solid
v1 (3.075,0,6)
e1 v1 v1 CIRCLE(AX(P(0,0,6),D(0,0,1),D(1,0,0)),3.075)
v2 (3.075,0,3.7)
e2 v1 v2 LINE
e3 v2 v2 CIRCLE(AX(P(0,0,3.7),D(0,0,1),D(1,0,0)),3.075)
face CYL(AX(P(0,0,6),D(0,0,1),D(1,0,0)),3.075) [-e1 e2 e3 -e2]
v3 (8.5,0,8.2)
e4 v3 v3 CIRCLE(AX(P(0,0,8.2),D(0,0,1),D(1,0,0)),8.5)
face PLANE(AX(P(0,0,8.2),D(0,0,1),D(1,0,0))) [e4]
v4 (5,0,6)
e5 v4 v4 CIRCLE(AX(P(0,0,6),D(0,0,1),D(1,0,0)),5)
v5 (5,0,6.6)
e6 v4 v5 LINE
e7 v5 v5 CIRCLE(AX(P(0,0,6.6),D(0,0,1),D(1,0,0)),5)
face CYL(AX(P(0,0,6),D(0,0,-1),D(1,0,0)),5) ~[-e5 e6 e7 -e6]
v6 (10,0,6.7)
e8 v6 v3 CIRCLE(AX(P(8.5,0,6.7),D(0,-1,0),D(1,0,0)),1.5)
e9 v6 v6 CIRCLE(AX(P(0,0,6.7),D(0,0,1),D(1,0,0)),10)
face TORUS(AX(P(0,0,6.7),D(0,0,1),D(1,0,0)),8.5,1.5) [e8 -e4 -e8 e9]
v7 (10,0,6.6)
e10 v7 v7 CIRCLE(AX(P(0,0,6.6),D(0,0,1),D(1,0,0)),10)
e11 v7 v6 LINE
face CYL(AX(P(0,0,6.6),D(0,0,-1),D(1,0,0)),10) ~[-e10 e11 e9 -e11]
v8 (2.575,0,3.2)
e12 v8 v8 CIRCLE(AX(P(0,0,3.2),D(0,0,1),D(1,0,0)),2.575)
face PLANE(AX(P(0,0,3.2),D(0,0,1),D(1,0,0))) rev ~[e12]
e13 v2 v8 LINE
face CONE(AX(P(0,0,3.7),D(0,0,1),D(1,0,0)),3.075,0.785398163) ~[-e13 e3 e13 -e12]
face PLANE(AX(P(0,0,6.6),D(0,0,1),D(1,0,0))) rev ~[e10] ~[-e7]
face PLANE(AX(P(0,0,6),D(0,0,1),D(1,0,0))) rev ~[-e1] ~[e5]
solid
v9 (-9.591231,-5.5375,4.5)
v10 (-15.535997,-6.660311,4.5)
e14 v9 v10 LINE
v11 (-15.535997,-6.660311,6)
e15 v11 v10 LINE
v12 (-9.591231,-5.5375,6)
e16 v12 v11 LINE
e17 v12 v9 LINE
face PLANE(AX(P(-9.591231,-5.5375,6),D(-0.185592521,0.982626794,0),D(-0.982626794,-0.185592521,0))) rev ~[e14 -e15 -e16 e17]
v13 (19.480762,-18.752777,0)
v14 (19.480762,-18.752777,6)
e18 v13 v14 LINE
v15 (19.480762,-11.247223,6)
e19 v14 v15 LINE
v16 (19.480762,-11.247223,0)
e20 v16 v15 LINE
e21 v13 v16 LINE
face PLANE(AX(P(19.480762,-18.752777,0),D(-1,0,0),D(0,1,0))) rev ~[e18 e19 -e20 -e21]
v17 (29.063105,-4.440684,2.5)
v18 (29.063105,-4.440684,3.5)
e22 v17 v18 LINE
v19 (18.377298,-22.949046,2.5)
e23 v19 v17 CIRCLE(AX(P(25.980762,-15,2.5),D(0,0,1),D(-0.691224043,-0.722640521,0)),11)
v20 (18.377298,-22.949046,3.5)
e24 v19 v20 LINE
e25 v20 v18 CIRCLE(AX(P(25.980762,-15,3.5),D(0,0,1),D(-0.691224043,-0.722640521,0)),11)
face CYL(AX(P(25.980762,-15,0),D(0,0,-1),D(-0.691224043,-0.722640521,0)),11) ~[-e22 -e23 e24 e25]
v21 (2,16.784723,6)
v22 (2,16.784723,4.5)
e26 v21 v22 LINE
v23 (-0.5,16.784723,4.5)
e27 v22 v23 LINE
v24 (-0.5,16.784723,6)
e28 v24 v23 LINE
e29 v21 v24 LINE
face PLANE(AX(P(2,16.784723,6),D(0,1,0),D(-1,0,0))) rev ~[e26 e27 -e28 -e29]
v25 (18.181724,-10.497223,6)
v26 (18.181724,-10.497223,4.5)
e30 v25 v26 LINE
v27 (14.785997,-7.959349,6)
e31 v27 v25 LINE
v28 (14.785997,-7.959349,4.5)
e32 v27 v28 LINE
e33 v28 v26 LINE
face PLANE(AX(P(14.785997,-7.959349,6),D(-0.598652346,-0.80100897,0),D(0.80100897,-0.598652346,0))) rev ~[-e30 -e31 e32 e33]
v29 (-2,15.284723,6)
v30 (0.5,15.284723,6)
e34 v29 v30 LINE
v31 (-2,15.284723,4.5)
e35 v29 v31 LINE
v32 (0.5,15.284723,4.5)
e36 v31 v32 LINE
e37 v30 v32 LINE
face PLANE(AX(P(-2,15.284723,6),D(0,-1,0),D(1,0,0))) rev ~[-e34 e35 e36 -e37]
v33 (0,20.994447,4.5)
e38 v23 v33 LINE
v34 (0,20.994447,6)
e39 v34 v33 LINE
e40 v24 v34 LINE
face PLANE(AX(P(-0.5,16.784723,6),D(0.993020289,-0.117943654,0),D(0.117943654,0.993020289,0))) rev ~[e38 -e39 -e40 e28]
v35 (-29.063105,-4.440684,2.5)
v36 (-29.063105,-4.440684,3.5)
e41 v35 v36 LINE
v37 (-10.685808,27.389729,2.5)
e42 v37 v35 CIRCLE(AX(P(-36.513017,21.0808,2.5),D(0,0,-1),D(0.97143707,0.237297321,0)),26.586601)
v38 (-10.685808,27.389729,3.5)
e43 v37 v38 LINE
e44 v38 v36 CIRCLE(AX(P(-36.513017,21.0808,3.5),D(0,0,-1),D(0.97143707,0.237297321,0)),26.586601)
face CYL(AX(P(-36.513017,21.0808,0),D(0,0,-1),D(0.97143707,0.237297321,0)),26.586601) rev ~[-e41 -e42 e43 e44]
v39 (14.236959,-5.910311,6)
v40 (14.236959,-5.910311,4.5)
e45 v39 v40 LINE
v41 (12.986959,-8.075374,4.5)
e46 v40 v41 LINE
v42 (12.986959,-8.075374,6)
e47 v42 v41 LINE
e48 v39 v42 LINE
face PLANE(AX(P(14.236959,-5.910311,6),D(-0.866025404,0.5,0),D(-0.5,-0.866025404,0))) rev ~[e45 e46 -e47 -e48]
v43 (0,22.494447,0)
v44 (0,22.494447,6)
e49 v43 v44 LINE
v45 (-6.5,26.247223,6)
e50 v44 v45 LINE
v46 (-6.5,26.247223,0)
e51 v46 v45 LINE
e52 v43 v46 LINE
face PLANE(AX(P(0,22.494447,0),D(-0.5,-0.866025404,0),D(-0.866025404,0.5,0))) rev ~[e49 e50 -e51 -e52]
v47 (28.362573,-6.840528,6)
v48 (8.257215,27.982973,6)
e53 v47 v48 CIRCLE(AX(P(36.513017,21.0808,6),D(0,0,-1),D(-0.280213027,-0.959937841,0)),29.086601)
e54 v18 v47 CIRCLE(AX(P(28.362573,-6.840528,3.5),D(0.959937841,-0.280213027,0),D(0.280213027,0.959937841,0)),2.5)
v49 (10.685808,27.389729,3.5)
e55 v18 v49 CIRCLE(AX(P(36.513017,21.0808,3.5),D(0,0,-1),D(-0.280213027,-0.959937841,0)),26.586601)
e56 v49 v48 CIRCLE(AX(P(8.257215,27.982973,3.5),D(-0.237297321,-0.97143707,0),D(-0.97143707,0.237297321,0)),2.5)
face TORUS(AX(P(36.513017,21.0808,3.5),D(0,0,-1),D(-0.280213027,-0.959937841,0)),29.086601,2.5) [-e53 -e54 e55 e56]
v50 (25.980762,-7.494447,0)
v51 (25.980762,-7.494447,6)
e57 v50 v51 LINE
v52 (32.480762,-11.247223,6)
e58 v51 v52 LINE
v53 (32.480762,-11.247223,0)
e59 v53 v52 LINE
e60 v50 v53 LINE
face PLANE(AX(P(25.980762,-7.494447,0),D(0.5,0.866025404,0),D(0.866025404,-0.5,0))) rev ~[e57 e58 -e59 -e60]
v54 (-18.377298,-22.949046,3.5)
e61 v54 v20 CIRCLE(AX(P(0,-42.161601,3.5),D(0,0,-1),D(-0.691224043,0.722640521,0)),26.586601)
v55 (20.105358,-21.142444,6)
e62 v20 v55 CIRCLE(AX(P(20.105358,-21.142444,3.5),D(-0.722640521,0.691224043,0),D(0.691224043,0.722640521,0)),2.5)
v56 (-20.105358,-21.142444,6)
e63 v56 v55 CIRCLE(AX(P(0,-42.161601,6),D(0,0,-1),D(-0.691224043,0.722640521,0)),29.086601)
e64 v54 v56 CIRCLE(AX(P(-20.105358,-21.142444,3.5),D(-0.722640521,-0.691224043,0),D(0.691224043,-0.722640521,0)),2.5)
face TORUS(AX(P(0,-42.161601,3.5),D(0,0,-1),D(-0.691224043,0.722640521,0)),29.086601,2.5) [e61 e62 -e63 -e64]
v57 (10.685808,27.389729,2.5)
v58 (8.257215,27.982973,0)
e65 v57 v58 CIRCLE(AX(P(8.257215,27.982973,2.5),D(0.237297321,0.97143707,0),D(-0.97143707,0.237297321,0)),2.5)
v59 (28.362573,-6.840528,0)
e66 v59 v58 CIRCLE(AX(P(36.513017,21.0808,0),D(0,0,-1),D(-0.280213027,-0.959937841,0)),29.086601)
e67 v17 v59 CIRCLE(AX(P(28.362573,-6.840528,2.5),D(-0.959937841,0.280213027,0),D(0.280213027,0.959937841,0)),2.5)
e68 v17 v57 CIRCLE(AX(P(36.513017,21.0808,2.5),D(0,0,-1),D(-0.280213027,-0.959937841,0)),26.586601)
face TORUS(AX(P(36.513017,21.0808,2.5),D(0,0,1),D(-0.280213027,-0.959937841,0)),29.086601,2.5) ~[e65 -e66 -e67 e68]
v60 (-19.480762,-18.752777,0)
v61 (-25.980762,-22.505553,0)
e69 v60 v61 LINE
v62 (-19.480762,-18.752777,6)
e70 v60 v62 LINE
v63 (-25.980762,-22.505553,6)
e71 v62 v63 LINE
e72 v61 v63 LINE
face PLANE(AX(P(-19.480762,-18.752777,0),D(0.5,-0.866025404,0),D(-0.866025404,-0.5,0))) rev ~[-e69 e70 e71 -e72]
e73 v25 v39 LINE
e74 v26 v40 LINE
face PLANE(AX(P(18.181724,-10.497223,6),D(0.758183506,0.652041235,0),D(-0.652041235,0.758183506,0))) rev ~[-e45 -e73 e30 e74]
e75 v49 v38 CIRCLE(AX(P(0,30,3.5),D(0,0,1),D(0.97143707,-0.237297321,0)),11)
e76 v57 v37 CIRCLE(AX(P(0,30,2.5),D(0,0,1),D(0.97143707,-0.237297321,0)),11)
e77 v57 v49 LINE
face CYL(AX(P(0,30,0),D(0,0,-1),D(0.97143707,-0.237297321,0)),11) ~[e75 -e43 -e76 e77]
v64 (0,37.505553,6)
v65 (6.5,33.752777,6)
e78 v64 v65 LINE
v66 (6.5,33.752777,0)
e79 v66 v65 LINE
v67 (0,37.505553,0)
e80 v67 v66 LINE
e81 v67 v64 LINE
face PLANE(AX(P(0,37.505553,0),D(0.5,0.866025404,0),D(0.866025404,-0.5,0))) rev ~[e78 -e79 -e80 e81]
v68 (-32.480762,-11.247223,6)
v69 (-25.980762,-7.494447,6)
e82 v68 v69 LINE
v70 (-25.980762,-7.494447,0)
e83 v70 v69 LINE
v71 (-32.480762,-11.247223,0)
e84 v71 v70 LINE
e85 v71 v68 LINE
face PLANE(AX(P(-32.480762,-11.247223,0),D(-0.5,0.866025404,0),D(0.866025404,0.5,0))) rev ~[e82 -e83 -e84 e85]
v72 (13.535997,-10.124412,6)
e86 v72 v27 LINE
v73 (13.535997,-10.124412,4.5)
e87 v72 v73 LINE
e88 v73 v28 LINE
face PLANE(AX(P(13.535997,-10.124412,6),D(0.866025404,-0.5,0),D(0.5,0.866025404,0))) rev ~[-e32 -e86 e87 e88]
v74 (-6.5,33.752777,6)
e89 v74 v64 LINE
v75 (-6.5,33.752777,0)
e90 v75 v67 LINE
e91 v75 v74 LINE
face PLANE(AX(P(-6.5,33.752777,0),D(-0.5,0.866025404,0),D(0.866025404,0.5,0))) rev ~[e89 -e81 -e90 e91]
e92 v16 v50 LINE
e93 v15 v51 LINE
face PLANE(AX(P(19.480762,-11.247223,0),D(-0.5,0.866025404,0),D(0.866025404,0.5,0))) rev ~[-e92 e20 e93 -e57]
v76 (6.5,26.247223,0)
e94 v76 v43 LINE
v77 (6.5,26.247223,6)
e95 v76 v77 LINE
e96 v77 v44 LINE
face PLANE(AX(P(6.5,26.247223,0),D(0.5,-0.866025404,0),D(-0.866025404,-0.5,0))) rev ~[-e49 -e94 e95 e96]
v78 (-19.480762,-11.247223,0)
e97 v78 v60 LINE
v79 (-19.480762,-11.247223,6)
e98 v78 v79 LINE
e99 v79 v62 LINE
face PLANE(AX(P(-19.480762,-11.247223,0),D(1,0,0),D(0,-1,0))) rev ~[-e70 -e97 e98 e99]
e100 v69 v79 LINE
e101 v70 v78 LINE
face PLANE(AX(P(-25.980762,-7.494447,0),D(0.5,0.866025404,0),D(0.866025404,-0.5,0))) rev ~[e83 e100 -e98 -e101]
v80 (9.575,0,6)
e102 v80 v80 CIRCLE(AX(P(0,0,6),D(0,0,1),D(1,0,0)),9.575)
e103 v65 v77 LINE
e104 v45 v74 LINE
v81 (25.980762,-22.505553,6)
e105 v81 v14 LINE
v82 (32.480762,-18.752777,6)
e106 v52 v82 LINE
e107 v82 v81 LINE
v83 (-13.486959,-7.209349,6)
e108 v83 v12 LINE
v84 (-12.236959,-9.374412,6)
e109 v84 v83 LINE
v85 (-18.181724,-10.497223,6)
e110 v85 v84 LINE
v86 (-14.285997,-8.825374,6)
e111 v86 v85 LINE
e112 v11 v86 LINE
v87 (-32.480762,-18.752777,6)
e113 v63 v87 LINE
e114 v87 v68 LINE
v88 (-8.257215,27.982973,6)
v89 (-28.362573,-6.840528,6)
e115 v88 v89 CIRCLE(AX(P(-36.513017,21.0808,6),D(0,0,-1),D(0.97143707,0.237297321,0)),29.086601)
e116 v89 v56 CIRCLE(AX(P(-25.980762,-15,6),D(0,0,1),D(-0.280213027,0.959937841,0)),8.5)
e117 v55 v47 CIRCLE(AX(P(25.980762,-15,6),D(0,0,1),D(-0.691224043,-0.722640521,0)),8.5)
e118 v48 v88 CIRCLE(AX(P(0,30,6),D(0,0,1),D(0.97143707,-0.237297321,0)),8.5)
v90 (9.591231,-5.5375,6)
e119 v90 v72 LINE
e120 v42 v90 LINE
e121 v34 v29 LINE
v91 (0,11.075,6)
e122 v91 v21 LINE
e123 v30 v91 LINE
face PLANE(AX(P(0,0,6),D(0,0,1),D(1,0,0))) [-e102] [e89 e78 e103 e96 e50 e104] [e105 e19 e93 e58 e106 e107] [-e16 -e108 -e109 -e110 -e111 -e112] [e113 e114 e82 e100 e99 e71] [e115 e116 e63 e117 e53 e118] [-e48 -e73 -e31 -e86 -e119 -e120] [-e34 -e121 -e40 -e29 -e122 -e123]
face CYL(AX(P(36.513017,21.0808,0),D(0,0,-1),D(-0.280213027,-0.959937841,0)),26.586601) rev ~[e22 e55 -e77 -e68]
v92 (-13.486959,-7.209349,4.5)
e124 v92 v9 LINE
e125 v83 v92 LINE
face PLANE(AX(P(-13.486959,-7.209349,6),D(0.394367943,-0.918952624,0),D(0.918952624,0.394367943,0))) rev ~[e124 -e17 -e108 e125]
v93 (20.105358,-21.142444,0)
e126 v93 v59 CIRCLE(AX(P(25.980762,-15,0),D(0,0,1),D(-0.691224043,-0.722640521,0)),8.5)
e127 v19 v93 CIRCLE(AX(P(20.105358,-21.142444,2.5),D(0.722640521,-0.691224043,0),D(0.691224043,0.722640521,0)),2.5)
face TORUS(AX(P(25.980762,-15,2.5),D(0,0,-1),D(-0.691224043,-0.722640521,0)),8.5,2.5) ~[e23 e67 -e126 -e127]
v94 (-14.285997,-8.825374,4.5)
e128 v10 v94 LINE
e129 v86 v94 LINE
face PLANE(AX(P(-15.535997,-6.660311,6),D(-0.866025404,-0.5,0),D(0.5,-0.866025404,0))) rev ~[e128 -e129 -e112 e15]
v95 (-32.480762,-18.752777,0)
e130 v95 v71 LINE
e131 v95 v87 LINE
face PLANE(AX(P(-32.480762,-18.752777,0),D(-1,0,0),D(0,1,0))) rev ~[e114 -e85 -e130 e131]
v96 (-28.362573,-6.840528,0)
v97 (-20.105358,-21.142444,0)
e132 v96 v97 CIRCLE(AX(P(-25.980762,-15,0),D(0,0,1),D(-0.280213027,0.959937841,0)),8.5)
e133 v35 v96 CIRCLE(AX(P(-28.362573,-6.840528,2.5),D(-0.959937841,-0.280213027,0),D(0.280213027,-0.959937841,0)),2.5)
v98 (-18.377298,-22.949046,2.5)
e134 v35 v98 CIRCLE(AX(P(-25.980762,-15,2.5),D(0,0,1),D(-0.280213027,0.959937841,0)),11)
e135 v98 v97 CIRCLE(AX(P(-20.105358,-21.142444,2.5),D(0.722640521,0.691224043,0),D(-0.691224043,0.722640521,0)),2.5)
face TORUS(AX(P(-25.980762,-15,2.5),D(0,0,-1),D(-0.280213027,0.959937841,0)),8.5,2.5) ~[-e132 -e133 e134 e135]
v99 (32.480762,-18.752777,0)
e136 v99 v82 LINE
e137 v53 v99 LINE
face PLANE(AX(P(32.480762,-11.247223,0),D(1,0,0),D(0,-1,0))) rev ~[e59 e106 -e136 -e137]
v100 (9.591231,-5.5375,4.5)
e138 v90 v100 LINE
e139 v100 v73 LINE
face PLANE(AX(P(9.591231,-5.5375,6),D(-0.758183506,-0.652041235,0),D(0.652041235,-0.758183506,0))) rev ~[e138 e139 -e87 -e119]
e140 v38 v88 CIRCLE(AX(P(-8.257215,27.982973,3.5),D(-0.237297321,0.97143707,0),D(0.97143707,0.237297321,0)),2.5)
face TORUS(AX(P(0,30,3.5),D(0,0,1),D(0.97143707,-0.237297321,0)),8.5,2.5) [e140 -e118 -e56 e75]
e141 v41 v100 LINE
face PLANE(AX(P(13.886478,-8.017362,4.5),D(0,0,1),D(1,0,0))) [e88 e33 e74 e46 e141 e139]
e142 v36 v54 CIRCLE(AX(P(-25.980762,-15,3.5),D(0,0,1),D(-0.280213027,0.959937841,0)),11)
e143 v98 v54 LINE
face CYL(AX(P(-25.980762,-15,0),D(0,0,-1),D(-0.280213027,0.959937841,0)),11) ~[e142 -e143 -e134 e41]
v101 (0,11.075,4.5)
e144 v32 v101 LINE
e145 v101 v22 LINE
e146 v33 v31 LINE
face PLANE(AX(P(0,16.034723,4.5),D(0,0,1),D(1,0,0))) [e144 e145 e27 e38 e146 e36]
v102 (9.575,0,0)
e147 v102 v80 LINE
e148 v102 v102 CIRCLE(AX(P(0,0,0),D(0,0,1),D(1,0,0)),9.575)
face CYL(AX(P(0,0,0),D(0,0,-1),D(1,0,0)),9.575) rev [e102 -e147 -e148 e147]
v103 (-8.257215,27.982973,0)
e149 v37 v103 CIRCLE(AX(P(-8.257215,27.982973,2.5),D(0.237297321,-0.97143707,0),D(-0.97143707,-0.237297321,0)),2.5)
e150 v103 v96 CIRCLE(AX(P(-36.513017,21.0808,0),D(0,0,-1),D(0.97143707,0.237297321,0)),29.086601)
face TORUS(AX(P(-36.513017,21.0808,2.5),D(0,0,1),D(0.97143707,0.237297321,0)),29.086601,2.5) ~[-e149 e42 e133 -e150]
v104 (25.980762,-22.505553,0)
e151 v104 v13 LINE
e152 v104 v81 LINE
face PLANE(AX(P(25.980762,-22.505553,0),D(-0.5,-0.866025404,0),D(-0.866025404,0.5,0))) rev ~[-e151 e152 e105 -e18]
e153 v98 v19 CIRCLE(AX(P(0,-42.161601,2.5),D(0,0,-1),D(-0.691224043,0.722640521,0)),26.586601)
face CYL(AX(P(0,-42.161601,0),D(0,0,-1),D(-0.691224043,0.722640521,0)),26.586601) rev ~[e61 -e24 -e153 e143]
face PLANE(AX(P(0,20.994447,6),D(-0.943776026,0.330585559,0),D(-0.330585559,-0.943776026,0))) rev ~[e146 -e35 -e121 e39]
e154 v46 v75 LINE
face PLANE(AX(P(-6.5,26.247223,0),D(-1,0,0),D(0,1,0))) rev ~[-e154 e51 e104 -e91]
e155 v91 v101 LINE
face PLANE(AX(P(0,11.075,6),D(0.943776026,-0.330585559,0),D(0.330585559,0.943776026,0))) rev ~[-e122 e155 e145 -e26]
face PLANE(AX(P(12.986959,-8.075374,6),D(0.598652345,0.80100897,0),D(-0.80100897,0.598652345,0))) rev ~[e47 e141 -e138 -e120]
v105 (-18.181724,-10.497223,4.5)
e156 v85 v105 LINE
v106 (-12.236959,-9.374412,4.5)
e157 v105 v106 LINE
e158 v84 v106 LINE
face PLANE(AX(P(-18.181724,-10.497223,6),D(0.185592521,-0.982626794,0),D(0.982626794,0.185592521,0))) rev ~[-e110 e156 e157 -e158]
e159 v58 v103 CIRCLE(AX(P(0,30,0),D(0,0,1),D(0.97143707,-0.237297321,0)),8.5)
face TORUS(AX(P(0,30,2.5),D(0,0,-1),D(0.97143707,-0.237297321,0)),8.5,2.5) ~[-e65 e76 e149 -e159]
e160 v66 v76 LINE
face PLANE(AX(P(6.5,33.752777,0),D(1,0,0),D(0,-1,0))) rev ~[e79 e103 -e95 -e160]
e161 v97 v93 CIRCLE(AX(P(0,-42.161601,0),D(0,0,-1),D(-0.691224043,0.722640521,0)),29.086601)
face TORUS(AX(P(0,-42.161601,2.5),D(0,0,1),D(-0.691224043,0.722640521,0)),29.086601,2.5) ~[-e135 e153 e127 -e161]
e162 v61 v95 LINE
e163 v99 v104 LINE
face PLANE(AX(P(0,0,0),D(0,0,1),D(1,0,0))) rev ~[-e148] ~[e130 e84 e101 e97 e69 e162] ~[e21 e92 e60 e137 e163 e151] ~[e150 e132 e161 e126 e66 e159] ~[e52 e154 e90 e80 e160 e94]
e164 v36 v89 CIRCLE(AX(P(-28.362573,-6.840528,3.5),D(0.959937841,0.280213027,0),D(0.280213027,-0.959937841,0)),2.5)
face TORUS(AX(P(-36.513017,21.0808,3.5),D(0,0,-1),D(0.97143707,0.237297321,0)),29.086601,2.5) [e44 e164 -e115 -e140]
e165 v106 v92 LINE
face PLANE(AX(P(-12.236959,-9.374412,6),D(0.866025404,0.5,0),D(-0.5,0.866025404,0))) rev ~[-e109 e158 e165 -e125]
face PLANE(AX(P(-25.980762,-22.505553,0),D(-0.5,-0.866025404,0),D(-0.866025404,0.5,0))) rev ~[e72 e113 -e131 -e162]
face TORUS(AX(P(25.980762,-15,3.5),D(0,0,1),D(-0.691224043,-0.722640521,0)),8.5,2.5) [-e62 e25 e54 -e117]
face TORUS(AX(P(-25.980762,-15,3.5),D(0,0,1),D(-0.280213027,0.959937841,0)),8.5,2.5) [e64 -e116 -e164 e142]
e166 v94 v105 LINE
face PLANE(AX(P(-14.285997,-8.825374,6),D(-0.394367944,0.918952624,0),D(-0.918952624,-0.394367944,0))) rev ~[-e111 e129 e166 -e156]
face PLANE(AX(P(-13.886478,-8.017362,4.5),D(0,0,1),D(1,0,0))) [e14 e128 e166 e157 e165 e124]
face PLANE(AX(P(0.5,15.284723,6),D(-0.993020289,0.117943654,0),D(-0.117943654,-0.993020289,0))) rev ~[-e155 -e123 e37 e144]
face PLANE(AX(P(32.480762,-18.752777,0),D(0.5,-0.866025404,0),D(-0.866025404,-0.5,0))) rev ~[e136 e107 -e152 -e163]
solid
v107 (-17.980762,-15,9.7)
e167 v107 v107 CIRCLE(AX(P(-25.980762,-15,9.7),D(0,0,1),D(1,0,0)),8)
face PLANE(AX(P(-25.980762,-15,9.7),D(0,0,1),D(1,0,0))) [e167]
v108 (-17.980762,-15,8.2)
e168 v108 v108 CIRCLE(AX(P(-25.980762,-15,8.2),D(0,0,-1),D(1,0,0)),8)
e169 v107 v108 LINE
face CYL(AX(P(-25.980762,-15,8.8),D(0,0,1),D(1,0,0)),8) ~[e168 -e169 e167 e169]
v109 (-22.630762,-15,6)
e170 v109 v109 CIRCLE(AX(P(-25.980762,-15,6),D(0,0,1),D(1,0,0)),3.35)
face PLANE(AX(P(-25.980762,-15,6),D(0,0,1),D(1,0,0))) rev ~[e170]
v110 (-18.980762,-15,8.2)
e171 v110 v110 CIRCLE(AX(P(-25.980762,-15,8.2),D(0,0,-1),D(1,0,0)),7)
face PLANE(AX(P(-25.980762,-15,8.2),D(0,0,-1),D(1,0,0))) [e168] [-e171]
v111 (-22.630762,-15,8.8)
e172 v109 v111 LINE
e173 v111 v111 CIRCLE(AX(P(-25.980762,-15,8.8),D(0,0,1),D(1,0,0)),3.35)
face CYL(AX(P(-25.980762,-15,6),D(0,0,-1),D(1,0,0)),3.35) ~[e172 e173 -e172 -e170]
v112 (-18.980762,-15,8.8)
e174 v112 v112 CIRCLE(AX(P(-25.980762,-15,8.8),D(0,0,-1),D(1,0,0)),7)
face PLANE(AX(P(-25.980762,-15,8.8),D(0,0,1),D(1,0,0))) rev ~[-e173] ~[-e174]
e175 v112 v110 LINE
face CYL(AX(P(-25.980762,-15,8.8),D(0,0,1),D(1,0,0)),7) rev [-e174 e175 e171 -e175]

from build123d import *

# Parameters (mm, degrees)
F0_R      = 9.575
F1_DEPTH  = 6
F2_R      = 2.5
F4_DEPTH  = 1.5
F5_R      = 3.075
F6_DEPTH  = 2.8
F7_R      = 5
F8_DEPTH  = 0.6
F9_R      = 10
F10_DEPTH = 1.6
F11_R     = 1.5
F12_SIZE  = 0.5
F13_R     = 3.35
F14_DEPTH = 2.8
F15_R     = 8
F16_DEPTH = 0.9
F17_R     = 8
F17_R_2   = 7
F18_DEPTH = 0.6


with BuildPart() as f1:
    # F0 (on Top) → F1 (new body)
    with BuildSketch(Plane.XY):
        with BuildLine():
            ThreePointArc((29.0631054139, -4.4406837447), (13.4883456639, 7.7875), (10.6858077738, 27.3897294737))
            ThreePointArc((10.6858077738, 27.3897294737), (0, 41), (-10.6858077738, 27.3897294737))
            ThreePointArc((-10.6858077738, 27.3897294737), (-13.4883456639, 7.7875), (-29.0631054139, -4.4406837447))
            ThreePointArc((-29.0631054139, -4.4406837447), (-35.5070415552, -20.5), (-18.3772976401, -22.9490457289))
            ThreePointArc((-18.3772976401, -22.9490457289), (0, -15.575), (18.3772976401, -22.9490457289))
            ThreePointArc((18.3772976401, -22.9490457289), (35.5070415552, -20.5), (29.0631054139, -4.4406837447))
        make_face()
        Polygon((-19.4807621135, -11.2472232503), (-19.4807621135, -18.7527767497), (-25.9807621135, -22.5055534995), (-32.4807621135, -18.7527767497), (-32.4807621135, -11.2472232503), (-25.9807621135, -7.4944465005), align=None, mode=Mode.SUBTRACT)
        Circle(F0_R, mode=Mode.SUBTRACT)
        Polygon((32.4807621135, -11.2472232503), (32.4807621135, -18.7527767497), (25.9807621135, -22.5055534995), (19.4807621135, -18.7527767497), (19.4807621135, -11.2472232503), (25.9807621135, -7.4944465005), align=None, mode=Mode.SUBTRACT)
        Polygon((-6.5, 26.2472232503), (-6.5, 33.7527767497), (0, 37.5055534995), (6.5, 33.7527767497), (6.5, 26.2472232503), (0, 22.4944465005), align=None, mode=Mode.SUBTRACT)
    extrude(amount=F1_DEPTH)

    # F2
    f2_edges = [f1.edges().sort_by_distance(p)[0] for p in [
        (-13.488346, 7.7875, 6),
        (0, -15.575, 0),
    ]]
    fillet(f2_edges, radius=F2_R)

    # F3 (on face) → F4 (cut)
    with BuildSketch(Plane.XY.offset(6)):
        Polygon((-0.5, 16.7847232503), (0, 20.9944465005), (-2, 15.2847232503), (0.5, 15.2847232503), (0, 11.075), (2, 16.7847232503), align=None)
        Polygon((-14.2859967302, -8.825374327), (-18.1817240079, -10.4972232503), (-12.2369586245, -9.3744124327), (-13.4869586245, -7.2093489232), (-9.5912313469, -5.5375), (-15.5359967302, -6.6603108176), align=None)
        Polygon((14.7859967302, -7.9593489232), (18.1817240079, -10.4972232503), (14.2369586245, -5.9103108176), (12.9869586245, -8.075374327), (9.5912313469, -5.5375), (13.5359967302, -10.1244124327), align=None)
    extrude(amount=-F4_DEPTH, mode=Mode.SUBTRACT)


with BuildPart() as f6:
    # F5 (on face) → F6 (new body)
    with BuildSketch(Plane.XY.offset(6)):
        Circle(F5_R)
    extrude(amount=-F6_DEPTH)

    # F7 (on face) → F8 (join)
    with BuildSketch(Plane.XY.offset(6)):
        Circle(F7_R)
    extrude(amount=F8_DEPTH)

    # F9 (on face) → F10 (join)
    with BuildSketch(Plane.XY.offset(6.6)):
        Circle(F9_R)
    extrude(amount=F10_DEPTH)

    # F11
    f11_edges = [f6.edges().sort_by_distance(p)[0] for p in [
        (-10, 0, 8.2),
    ]]
    fillet(f11_edges, radius=F11_R)

    # F12
    f12_edges = [f6.edges().sort_by_distance(p)[0] for p in [
        (-3.075, 0, 3.2),
    ]]
    chamfer(f12_edges, length=F12_SIZE)


with BuildPart() as f14:
    # F13 (on face) → F14 (new body)
    with BuildSketch(Plane.XY.offset(6)):
        with Locations((-25.9807621135, -15)):
            Circle(F13_R)
    extrude(amount=F14_DEPTH)

    # F15 (on face) → F16 (join)
    with BuildSketch(Plane.XY.offset(8.8)):
        with Locations((-25.9807621135, -15)):
            Circle(F15_R)
    extrude(amount=F16_DEPTH)

    # F17 (on face) → F18 (join)
    with BuildSketch(Plane(origin=(0, 0, 8.8), x_dir=(1, 0, 0), z_dir=(0, 0, -1))):
        with Locations((-25.9807621135, 15)):
            Circle(F17_R)
        with Locations((-25.9807621135, 15)):
            Circle(F17_R_2, mode=Mode.SUBTRACT)
    extrude(amount=F18_DEPTH)


solid = Compound([f1.part, f6.part, f14.part])
